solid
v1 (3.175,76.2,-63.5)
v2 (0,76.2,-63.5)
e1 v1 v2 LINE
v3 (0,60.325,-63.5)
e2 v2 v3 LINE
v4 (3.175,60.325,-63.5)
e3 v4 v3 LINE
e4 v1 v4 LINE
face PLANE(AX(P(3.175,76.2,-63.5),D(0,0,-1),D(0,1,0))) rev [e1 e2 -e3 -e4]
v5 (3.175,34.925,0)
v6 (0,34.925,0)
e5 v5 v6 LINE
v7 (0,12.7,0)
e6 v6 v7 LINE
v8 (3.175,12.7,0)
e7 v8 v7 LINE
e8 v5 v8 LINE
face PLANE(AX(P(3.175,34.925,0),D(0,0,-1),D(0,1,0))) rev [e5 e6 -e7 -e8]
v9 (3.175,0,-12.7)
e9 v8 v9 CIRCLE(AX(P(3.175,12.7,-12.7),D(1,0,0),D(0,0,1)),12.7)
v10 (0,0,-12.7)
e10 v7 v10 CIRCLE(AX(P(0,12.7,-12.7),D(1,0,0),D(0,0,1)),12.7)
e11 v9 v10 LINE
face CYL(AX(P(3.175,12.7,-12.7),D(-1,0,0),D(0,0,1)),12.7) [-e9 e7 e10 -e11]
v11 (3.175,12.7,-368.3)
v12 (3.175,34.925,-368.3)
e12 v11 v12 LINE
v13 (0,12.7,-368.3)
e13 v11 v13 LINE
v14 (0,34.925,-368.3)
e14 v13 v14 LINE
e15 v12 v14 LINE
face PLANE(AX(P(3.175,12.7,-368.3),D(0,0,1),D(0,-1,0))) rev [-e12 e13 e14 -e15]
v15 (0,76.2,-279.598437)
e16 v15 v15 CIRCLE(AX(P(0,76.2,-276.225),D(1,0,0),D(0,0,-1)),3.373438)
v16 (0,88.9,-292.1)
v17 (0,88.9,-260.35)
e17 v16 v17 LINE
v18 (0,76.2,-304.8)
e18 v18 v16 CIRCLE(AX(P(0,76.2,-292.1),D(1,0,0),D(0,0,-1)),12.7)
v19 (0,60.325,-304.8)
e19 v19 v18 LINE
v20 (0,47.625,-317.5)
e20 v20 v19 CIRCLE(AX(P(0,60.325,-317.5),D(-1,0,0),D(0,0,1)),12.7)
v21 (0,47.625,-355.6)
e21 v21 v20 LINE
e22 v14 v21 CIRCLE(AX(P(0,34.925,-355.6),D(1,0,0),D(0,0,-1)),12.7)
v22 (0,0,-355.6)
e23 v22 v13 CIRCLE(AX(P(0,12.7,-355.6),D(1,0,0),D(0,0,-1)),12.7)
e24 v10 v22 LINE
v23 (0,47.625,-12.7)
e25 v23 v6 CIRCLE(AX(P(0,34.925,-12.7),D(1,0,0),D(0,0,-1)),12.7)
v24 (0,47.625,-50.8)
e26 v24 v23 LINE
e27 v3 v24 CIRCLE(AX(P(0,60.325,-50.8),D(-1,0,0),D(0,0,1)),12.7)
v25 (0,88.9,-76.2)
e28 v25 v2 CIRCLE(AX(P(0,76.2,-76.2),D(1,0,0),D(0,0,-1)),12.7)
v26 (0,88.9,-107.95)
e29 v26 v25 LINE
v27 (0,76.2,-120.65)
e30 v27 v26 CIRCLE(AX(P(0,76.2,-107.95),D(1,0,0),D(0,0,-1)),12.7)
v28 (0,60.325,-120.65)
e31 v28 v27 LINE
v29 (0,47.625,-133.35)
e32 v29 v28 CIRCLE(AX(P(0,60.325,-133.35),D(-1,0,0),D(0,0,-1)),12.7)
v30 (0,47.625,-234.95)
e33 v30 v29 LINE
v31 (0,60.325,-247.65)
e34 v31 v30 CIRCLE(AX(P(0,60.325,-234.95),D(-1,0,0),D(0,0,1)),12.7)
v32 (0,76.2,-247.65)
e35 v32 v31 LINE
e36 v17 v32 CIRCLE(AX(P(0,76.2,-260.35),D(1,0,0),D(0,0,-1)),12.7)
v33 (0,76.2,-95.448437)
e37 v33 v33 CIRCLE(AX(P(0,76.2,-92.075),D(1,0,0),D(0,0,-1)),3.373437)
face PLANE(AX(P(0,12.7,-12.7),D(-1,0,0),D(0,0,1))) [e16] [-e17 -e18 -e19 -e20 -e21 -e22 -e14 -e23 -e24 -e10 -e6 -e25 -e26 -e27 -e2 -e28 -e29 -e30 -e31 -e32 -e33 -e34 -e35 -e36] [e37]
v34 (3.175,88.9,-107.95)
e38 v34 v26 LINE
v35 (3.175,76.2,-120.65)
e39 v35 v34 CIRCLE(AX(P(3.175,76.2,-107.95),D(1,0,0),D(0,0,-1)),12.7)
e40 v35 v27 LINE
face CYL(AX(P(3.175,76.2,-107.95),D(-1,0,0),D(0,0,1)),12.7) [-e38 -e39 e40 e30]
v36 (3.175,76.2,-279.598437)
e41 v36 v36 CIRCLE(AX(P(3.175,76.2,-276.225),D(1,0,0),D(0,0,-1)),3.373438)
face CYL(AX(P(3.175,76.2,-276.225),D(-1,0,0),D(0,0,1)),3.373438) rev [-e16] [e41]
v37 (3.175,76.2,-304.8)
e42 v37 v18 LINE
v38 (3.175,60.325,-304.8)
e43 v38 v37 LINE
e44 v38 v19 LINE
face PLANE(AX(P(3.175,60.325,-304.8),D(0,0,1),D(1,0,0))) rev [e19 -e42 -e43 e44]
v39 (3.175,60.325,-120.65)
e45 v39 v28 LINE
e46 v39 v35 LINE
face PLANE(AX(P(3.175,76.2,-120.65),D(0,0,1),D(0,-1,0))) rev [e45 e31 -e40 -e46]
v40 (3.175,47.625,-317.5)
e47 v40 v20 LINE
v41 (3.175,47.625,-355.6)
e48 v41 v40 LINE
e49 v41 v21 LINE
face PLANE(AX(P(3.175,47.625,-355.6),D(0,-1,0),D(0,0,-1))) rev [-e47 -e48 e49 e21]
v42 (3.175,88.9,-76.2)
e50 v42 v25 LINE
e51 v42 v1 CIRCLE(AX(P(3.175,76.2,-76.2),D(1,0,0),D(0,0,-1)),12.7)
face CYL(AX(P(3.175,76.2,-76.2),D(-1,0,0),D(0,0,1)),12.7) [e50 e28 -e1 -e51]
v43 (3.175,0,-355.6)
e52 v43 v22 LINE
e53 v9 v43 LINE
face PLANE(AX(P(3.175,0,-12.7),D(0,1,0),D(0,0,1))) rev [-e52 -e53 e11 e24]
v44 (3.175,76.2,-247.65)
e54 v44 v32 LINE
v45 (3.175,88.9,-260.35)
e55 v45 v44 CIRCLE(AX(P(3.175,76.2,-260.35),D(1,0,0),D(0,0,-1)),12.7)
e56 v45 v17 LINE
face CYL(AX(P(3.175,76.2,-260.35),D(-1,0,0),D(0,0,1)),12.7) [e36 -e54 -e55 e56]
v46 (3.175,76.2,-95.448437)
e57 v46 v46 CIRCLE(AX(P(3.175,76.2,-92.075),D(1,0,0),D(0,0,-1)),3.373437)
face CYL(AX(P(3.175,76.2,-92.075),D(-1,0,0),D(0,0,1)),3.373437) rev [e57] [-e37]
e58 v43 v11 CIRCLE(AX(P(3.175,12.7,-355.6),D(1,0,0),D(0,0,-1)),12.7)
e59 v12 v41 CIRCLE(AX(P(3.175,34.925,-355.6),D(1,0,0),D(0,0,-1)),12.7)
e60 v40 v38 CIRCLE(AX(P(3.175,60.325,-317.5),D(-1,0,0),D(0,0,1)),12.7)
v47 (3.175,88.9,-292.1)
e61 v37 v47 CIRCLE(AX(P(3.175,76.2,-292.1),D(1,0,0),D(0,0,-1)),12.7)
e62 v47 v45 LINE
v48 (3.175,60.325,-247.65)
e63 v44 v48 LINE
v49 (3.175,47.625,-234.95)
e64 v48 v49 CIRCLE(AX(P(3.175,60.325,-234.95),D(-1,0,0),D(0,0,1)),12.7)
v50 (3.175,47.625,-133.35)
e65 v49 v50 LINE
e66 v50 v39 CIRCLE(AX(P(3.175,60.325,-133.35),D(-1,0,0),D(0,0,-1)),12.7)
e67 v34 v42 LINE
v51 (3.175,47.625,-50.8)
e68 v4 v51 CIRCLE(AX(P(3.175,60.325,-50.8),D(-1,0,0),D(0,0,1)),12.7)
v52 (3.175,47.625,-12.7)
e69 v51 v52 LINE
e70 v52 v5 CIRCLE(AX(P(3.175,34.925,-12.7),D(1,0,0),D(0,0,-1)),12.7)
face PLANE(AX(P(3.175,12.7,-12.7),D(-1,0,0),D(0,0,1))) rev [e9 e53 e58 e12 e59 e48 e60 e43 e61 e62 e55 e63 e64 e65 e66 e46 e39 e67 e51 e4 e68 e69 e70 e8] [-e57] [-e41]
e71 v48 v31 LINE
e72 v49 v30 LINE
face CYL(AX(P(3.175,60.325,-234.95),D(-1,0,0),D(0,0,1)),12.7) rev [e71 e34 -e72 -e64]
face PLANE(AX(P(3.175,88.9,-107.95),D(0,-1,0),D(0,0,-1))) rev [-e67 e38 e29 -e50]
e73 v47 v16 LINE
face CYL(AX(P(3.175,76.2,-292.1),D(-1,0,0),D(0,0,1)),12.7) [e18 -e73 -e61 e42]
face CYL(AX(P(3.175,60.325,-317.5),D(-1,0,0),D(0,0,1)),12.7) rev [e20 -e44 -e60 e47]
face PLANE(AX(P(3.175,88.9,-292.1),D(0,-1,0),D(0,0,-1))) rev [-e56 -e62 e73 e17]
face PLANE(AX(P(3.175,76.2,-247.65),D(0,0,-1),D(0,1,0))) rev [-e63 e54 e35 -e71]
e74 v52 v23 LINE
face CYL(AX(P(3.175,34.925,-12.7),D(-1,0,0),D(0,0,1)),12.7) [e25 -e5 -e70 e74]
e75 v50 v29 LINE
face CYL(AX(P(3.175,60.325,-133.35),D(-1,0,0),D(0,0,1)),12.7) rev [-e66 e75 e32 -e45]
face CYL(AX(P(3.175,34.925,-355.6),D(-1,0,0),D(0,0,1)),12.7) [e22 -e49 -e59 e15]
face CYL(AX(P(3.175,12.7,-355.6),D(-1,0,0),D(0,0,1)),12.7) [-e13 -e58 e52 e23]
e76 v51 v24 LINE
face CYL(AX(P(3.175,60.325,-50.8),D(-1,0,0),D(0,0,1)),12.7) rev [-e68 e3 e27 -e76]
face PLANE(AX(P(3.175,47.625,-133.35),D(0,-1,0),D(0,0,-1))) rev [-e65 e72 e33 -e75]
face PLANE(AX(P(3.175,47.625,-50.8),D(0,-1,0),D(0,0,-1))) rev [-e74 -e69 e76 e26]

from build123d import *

# Parameters (mm, degrees)
SKETCH1_R           = 3.3734375
BOSS_EXTRUDE1_DEPTH = 3.175


with BuildPart() as part:
    # Sketch1 → Boss-Extrude1 (new body)
    with BuildSketch(Plane(origin=(0, 0, 0), x_dir=(0, 0, -1), z_dir=(1, 0, 0))):
        with BuildLine():
            Line((12.7, 0), (355.6, 0))
            ThreePointArc((355.6, 0), (364.580256121, 3.719743879), (368.3, 12.7))
            Line((368.3, 12.7), (368.3, 34.925))
            ThreePointArc((368.3, 34.925), (364.580256121, 43.905256121), (355.6, 47.625))
            Line((355.6, 47.625), (317.5, 47.625))
            ThreePointArc((317.5, 47.625), (308.519743879, 51.344743879), (304.8, 60.325))
            Line((304.8, 60.325), (304.8, 76.2))
            ThreePointArc((304.8, 76.2), (301.080256121, 85.180256121), (292.1, 88.9))
            Line((292.1, 88.9), (260.35, 88.9))
            ThreePointArc((260.35, 88.9), (251.369743879, 85.180256121), (247.65, 76.2))
            Line((247.65, 76.2), (247.65, 60.325))
            ThreePointArc((247.65, 60.325), (243.930256121, 51.344743879), (234.95, 47.625))
            Line((234.95, 47.625), (133.35, 47.625))
            ThreePointArc((133.35, 47.625), (124.369743879, 51.344743879), (120.65, 60.325))
            Line((120.65, 60.325), (120.65, 76.2))
            ThreePointArc((120.65, 76.2), (116.930256121, 85.180256121), (107.95, 88.9))
            Line((107.95, 88.9), (76.2, 88.9))
            ThreePointArc((76.2, 88.9), (67.219743879, 85.180256121), (63.5, 76.2))
            Line((63.5, 76.2), (63.5, 60.325))
            ThreePointArc((63.5, 60.325), (59.780256121, 51.344743879), (50.8, 47.625))
            Line((50.8, 47.625), (12.7, 47.625))
            ThreePointArc((12.7, 47.625), (3.719743879, 43.905256121), (0, 34.925))
            Line((0, 34.925), (0, 12.7))
            ThreePointArc((0, 12.7), (3.719743879, 3.719743879), (12.7, 0))
        make_face()
        with Locations((92.075, 76.2)):
            Circle(SKETCH1_R, mode=Mode.SUBTRACT)
        with Locations((276.225, 76.2)):
            Circle(SKETCH1_R, mode=Mode.SUBTRACT)
    extrude(amount=BOSS_EXTRUDE1_DEPTH)


solid = part.part
